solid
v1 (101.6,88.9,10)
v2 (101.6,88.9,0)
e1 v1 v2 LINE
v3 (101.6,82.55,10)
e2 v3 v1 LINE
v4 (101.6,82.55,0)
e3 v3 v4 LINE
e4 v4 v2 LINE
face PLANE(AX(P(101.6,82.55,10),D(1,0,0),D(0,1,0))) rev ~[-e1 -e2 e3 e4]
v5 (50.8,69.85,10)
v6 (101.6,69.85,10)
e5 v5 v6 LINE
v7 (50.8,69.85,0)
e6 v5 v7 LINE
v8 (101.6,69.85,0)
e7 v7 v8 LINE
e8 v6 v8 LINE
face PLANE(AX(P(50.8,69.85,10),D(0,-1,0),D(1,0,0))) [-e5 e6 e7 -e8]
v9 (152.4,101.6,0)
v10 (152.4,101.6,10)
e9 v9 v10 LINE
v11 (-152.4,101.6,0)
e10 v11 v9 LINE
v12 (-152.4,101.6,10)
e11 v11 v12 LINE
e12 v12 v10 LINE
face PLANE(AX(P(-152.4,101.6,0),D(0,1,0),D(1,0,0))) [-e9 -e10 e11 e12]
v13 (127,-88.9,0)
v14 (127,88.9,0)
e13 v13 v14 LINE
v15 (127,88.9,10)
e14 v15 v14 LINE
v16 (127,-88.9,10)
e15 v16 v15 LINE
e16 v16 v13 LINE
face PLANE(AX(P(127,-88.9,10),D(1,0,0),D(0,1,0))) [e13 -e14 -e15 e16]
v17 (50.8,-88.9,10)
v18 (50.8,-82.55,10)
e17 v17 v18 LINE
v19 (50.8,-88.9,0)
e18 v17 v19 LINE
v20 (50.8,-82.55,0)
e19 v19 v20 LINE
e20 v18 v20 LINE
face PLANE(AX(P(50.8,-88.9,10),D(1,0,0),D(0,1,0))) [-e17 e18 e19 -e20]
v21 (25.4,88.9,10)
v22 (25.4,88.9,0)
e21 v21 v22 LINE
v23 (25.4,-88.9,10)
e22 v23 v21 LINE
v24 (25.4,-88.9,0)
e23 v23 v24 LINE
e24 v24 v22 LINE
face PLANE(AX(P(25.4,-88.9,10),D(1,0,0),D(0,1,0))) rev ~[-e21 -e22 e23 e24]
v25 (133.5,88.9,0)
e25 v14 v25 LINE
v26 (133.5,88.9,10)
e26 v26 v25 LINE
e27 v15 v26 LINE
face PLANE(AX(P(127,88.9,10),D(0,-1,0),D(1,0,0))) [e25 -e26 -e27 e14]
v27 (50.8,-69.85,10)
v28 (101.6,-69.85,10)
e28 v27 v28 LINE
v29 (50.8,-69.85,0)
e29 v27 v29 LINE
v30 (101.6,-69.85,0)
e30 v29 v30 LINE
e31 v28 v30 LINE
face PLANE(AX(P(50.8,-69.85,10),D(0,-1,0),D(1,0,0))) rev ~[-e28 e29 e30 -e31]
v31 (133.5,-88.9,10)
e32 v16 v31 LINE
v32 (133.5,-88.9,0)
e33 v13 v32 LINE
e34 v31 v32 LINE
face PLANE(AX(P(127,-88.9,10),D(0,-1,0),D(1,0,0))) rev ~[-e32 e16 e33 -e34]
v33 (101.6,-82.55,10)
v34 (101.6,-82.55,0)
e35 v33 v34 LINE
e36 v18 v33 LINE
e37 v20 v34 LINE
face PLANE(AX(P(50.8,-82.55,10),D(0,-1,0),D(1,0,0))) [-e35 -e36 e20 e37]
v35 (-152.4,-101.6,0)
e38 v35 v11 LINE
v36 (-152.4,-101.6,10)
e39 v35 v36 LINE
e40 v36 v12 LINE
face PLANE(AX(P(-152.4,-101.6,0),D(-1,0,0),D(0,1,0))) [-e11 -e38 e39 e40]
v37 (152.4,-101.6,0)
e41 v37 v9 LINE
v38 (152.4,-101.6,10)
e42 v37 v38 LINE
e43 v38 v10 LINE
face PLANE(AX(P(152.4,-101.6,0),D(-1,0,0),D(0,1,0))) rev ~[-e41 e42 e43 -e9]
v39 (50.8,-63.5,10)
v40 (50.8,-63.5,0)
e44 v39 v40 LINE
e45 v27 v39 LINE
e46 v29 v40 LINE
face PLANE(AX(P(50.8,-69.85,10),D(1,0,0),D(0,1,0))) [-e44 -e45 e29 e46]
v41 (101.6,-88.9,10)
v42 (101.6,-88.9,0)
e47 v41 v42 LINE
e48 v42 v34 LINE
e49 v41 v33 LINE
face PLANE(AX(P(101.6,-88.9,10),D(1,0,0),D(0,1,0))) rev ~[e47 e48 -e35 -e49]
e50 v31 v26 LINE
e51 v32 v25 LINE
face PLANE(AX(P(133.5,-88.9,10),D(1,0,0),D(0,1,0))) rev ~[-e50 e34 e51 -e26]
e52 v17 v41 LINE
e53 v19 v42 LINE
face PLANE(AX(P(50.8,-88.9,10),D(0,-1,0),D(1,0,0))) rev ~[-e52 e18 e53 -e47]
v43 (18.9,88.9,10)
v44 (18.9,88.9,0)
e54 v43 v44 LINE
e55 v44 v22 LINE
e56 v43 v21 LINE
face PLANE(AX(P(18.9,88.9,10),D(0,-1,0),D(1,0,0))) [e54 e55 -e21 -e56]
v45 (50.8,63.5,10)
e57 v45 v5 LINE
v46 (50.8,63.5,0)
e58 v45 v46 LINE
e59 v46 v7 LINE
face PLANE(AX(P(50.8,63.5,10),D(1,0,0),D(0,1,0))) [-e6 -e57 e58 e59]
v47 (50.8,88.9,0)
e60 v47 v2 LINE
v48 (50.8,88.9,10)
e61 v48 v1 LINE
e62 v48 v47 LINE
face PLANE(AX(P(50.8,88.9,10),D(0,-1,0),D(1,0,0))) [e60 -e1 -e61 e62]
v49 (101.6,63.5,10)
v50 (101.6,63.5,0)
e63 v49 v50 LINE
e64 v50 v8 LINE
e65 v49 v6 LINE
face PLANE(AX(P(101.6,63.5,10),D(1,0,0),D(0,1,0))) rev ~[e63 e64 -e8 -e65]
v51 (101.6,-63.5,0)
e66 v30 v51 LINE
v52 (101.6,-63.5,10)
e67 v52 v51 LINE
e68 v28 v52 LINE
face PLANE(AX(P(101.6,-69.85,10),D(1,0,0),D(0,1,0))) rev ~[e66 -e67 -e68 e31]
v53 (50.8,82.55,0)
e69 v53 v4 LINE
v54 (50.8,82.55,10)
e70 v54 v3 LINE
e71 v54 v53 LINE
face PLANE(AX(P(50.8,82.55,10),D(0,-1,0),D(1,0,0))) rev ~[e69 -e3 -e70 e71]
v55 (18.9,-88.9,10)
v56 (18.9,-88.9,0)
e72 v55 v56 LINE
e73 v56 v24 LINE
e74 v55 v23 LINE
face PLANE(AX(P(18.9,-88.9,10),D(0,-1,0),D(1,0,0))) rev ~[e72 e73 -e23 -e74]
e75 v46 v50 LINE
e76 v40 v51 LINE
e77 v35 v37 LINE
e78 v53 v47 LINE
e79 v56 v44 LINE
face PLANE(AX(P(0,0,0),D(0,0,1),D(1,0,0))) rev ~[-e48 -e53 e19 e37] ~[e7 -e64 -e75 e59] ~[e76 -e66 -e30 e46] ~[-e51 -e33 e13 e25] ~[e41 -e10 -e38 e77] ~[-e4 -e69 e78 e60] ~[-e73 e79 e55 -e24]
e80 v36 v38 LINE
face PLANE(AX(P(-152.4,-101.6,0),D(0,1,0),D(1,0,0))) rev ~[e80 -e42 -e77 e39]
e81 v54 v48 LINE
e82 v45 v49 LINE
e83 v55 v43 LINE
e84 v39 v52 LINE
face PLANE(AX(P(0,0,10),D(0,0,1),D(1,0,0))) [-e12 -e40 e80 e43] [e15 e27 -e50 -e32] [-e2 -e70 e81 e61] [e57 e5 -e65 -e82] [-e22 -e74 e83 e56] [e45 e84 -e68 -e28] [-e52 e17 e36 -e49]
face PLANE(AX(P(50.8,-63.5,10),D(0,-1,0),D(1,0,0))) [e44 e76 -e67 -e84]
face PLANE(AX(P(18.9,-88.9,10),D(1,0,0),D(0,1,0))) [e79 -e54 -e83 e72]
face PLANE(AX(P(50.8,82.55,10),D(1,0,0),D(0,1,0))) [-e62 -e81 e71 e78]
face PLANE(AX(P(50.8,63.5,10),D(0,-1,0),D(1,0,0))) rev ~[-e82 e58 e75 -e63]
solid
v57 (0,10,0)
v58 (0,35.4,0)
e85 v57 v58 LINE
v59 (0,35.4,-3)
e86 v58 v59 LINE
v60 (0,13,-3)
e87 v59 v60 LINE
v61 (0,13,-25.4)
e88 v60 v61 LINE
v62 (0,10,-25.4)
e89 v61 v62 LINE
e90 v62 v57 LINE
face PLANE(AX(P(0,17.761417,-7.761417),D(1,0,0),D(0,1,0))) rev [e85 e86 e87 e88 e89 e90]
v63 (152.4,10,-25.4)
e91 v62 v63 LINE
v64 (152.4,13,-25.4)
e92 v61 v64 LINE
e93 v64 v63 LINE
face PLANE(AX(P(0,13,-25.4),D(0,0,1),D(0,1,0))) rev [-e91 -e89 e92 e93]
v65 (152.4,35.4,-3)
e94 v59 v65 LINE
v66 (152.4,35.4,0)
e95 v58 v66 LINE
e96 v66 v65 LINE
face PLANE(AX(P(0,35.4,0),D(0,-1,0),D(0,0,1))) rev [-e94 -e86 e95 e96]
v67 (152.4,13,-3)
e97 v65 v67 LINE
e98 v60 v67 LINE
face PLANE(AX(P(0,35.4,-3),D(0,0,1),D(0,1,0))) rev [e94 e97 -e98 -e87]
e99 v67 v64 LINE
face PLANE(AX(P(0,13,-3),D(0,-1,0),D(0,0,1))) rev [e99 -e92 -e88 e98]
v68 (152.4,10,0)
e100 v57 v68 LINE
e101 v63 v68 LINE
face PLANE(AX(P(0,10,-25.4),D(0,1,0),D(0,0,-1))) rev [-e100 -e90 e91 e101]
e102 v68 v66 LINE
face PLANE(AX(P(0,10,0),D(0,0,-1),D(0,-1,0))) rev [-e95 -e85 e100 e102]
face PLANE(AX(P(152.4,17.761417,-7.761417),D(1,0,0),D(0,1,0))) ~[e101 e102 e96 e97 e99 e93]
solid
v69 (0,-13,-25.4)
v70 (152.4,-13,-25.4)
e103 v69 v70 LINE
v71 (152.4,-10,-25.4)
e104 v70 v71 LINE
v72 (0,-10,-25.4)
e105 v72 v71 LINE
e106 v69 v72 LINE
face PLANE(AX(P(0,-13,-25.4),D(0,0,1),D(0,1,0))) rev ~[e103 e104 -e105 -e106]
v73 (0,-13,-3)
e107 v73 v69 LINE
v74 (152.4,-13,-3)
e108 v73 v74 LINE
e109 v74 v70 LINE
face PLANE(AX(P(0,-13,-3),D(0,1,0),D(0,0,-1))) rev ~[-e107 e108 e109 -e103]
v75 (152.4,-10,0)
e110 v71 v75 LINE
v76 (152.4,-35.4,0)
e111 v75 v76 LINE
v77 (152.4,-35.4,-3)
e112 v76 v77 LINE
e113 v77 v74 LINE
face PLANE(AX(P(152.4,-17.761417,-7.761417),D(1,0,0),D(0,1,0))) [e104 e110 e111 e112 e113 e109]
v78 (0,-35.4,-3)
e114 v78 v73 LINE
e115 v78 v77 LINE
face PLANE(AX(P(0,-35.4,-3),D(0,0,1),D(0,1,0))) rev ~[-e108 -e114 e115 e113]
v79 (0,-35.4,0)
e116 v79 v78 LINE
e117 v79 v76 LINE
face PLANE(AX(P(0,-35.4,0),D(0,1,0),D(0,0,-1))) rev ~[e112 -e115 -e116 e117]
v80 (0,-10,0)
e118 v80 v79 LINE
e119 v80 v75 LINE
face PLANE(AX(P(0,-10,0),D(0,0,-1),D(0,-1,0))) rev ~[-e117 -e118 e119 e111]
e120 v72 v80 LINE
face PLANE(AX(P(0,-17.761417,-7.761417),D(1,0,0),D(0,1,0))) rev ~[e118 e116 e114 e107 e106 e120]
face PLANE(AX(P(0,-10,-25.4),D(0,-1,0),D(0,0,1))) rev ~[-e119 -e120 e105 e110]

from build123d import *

# Parameters (mm, degrees)
F0_W     = 304.8
F0_H     = 203.2
F1_DEPTH = 10
F2_W     = 50.8
F2_H     = 6.35
F2_W_2   = 6.5
F2_H_2   = 177.8
F3_DEPTH = 25
F5_DEPTH = 152.4


with BuildPart() as f1:
    # F0 (on Top) → F1 (new body)
    with BuildSketch(Plane.XY):
        Rectangle(F0_W, F0_H)
    extrude(amount=F1_DEPTH)

    # F2 (on face) → F3 (cut)
    with BuildSketch(Plane.XY.offset(10)):
        with Locations((76.2, 85.725)):
            Rectangle(F2_W, F2_H)
        with Locations((76.2, 66.675)):
            Rectangle(F2_W, F2_H)
        with Locations((76.2, -66.675)):
            Rectangle(F2_W, F2_H)
        with Locations((76.2, -85.725)):
            Rectangle(F2_W, F2_H)
        with Locations((130.25, 0)):
            Rectangle(F2_W_2, F2_H_2)
        with Locations((22.15, 0)):
            Rectangle(F2_W_2, F2_H_2)
    extrude(amount=-F3_DEPTH, mode=Mode.SUBTRACT)


with BuildPart() as f5:
    # F4 (on Right) → F5 (new body, through all)
    with BuildSketch(Plane.YZ):
        Polygon((-35.4, 0), (-35.4, -3), (-13, -3), (-13, -25.4), (-10, -25.4), (-10, -3), (-10, 0), align=None)
    extrude(amount=F5_DEPTH)


with BuildPart() as f6_1:
    # F6: instance of F5
    add(f5.part.mirror(Plane.XZ))


solid = Compound([f1.part, f5.part, f6_1.part])
